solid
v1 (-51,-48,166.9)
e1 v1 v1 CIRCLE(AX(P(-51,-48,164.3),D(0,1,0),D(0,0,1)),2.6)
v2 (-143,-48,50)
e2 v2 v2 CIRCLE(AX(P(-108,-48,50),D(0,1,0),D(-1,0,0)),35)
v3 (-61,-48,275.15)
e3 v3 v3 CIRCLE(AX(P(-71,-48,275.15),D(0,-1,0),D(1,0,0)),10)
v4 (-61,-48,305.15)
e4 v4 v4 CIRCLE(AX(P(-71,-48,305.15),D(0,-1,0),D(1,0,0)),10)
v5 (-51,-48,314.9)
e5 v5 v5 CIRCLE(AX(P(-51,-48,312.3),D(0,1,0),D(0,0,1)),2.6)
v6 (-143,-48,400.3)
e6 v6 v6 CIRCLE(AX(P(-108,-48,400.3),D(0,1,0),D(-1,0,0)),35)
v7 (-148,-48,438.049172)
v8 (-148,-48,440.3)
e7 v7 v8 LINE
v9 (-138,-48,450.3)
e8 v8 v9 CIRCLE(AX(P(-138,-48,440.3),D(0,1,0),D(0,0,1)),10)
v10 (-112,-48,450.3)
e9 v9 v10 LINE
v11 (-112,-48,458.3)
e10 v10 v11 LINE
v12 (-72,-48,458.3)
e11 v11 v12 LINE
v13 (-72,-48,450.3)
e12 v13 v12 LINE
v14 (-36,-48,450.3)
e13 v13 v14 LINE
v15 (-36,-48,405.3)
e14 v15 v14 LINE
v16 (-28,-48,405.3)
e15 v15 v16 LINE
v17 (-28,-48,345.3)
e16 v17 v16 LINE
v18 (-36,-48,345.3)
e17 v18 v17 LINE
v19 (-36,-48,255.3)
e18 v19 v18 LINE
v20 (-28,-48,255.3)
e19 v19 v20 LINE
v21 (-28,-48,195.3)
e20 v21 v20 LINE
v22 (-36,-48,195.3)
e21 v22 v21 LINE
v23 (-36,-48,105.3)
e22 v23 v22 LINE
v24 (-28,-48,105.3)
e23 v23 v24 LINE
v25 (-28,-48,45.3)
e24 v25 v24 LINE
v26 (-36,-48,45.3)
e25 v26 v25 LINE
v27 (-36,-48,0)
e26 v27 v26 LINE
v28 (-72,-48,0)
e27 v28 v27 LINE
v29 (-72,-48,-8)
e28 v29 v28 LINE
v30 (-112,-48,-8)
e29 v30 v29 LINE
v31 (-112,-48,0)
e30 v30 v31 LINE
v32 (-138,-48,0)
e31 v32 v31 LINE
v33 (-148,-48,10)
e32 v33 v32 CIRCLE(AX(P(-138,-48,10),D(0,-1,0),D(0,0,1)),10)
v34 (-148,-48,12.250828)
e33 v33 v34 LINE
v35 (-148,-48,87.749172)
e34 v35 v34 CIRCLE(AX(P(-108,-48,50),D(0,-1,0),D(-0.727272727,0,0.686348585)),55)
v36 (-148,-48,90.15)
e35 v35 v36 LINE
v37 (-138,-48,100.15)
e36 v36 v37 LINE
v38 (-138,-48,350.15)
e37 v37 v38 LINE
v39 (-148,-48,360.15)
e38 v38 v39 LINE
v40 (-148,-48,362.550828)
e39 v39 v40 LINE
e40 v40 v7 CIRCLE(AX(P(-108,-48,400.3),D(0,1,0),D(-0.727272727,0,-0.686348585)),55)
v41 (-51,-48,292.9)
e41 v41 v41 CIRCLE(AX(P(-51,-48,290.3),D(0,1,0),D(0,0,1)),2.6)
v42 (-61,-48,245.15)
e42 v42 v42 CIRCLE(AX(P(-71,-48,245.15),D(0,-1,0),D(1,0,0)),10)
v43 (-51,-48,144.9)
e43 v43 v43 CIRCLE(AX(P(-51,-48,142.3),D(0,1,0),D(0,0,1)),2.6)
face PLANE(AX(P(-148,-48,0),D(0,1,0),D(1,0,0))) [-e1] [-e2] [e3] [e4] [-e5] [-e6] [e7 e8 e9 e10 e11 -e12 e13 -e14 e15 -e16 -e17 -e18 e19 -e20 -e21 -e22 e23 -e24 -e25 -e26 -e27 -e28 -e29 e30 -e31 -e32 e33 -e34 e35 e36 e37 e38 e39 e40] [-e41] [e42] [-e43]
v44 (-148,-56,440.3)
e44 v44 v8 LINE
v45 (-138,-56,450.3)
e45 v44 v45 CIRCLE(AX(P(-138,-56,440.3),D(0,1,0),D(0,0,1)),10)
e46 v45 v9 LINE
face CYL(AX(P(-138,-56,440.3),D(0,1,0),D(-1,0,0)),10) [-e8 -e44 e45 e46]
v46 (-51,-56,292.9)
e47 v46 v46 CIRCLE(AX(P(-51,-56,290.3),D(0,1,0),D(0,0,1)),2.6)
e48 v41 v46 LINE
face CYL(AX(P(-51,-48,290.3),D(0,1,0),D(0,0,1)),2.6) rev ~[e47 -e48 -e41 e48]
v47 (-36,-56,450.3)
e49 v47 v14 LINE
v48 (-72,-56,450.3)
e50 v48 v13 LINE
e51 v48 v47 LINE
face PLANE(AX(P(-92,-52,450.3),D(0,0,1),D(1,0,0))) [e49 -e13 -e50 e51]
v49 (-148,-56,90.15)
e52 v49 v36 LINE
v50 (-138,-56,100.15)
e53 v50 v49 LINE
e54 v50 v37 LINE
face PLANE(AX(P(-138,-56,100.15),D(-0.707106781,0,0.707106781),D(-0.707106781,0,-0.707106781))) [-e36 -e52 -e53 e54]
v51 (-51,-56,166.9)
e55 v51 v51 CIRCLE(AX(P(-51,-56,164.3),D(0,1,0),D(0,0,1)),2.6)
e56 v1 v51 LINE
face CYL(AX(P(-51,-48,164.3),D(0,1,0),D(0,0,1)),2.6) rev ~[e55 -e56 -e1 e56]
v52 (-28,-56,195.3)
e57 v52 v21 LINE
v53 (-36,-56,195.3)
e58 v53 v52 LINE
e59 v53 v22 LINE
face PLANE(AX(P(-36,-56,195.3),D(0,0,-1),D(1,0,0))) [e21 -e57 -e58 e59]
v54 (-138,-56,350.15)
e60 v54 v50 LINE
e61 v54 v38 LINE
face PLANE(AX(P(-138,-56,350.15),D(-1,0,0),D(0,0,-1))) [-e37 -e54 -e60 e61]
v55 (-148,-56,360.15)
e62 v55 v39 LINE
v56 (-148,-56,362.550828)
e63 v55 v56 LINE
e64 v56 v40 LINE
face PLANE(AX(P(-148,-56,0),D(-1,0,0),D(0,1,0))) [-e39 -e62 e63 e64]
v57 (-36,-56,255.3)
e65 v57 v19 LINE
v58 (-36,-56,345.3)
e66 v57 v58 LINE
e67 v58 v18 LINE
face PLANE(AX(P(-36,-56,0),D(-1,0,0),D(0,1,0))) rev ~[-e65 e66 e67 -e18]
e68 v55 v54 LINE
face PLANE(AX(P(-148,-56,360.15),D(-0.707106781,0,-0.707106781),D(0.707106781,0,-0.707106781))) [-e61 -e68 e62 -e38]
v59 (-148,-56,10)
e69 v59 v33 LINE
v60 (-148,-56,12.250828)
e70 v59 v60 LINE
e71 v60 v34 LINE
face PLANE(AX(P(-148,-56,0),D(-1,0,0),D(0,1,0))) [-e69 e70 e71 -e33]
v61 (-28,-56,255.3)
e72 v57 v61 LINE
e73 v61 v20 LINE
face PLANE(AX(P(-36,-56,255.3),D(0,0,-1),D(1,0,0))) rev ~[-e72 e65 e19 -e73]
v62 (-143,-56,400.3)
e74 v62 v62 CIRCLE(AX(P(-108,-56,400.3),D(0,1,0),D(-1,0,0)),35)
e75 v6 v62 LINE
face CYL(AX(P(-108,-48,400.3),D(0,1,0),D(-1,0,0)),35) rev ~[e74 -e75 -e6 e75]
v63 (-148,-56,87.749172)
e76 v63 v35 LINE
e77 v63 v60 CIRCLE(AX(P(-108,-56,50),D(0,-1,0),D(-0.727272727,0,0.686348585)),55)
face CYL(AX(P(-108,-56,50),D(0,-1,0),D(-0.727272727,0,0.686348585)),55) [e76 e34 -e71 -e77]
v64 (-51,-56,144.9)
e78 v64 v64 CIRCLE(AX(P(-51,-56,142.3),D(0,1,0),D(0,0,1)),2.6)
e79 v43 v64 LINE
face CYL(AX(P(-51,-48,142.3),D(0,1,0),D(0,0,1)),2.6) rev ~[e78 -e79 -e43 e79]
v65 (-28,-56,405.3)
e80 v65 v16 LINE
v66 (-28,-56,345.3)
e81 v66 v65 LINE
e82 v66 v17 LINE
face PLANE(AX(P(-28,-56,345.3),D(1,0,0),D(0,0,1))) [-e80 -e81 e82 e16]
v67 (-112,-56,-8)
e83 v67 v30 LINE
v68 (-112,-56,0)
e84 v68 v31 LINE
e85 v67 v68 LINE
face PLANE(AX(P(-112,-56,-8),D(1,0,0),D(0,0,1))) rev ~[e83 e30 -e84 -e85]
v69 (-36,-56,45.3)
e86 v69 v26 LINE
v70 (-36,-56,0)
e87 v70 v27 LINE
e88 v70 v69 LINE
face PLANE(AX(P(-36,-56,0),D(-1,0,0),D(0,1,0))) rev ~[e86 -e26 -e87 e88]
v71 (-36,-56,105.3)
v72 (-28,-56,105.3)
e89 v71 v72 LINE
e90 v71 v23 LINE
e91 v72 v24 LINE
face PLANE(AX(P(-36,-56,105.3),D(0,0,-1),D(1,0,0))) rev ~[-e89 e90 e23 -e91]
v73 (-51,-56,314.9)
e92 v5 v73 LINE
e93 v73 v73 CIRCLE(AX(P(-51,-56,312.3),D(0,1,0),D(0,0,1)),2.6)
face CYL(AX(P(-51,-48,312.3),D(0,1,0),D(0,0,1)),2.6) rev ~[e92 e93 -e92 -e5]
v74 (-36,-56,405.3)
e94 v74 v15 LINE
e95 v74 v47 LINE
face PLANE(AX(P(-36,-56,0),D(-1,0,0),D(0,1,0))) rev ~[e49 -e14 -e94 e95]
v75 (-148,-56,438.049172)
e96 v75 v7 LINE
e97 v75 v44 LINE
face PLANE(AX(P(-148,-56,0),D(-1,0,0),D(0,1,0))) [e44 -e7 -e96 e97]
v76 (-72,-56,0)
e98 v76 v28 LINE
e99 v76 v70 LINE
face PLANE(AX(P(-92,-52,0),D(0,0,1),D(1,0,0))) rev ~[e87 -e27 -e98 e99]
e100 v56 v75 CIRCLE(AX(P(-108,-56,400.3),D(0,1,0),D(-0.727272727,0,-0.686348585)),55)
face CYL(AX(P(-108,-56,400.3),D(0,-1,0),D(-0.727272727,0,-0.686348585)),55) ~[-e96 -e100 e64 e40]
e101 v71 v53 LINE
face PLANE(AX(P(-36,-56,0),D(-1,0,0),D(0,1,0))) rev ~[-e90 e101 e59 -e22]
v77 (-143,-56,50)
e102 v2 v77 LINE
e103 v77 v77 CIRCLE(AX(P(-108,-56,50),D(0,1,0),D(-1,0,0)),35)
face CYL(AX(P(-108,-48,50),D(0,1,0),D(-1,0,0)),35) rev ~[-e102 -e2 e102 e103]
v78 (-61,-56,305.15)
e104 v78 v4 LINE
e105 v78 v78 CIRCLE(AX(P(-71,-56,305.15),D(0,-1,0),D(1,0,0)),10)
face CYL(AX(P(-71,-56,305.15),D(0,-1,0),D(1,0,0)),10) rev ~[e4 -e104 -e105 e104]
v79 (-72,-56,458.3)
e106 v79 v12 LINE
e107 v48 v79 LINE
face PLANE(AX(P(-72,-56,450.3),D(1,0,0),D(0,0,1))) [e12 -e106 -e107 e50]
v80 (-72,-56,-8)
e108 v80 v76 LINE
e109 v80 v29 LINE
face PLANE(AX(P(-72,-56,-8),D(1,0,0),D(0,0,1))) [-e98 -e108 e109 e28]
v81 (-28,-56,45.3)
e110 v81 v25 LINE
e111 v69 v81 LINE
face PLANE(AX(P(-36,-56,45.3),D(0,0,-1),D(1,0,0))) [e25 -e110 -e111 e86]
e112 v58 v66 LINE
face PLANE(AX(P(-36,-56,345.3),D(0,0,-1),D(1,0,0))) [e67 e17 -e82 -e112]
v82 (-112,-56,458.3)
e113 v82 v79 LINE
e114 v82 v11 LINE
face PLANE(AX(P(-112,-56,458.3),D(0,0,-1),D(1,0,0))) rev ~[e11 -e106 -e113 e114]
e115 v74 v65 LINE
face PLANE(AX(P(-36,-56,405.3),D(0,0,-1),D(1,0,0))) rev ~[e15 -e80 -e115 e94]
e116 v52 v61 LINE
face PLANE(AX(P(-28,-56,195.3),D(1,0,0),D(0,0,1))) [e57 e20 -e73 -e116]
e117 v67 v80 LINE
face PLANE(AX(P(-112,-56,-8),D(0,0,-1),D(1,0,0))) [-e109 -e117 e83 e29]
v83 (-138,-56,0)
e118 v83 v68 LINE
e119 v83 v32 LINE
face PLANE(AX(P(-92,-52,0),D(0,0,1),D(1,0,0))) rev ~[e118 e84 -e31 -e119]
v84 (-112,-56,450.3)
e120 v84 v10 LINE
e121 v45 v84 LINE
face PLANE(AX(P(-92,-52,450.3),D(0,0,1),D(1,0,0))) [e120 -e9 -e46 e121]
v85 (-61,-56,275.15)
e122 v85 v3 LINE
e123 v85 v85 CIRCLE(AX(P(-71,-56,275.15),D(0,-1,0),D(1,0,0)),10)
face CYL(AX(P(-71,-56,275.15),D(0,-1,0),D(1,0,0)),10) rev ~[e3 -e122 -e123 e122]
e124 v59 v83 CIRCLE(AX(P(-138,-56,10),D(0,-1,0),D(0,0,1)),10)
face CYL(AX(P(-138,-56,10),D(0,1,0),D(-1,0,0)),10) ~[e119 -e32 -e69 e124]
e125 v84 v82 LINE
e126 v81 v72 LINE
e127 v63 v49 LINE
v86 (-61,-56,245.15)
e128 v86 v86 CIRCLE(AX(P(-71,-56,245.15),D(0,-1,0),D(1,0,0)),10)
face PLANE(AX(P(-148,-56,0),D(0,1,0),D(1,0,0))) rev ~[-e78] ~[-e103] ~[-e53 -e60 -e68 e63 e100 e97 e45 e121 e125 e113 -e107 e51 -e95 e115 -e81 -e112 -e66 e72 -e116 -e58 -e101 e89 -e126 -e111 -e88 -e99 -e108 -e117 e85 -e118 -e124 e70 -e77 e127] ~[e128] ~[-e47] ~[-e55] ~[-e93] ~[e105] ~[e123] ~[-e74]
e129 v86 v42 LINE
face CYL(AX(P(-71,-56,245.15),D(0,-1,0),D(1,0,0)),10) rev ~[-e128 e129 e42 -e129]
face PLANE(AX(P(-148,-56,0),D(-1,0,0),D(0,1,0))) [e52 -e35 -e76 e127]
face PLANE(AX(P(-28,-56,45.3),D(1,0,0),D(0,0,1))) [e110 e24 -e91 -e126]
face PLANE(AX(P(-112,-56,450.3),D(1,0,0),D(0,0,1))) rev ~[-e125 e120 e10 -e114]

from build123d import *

# Parameters (mm, degrees)
ESQUISSE1_W             = 112
ESQUISSE1_H             = 8
BOSS_EXTRU_1_DEPTH      = 450.3
ENL_V_MAT_EXTRU_1_DEPTH = 10
ESQUISSE3_W             = 40
ESQUISSE3_H             = 8
BOSS_EXTRU_2_DEPTH      = 8
ESQUISSE4_R             = 35
ENL_V_MAT_EXTRU_2_DEPTH = 10
ESQUISSE5_W             = 8
ESQUISSE5_H             = 60
BOSS_EXTRU_3_DEPTH      = 8
BOSS_EXTRU_5_DEPTH      = 8
CONG_1_R                = 10
ESQUISSE8_R             = 2.6
ENL_V_MAT_EXTRU_3_DEPTH = 8
ESQUISSE9_R             = 10
ENL_V_MAT_EXTRU_4_DEPTH = 10


with BuildPart() as part:
    # Esquisse1 → Boss.-Extru.1 (new body)
    with BuildSketch(Plane.XY):
        with Locations((-92, -52)):
            Rectangle(ESQUISSE1_W, ESQUISSE1_H)
    extrude(amount=BOSS_EXTRU_1_DEPTH)

    # Esquisse2 → Enlèv. mat.-Extru.1 (cut)
    with BuildSketch(Plane.XZ.offset(56)):
        Polygon((-148, 360.15), (-138, 350.15), (-138, 100.15), (-148, 90.15), align=None)
    extrude(amount=-ENL_V_MAT_EXTRU_1_DEPTH, mode=Mode.SUBTRACT)

    # Esquisse3 → Boss.-Extru.2 (add)
    with BuildSketch(Plane.XZ.offset(56)):
        with Locations((-92, 454.3)):
            Rectangle(ESQUISSE3_W, ESQUISSE3_H)
        with Locations((-92, -4)):
            Rectangle(ESQUISSE3_W, ESQUISSE3_H)
    extrude(amount=-BOSS_EXTRU_2_DEPTH)

    # Esquisse4 → Enlèv. mat.-Extru.2 (cut)
    with BuildSketch(Plane(origin=(0, -48, 0), x_dir=(1, 0, 0), z_dir=(0, 1, 0))):
        with Locations(Location((-108, -50, 0), (0, 0, 180))):
            Circle(ESQUISSE4_R)
        with Locations(Location((-108, -400.3, 0), (0, 0, 180))):
            Circle(ESQUISSE4_R)
    extrude(amount=-ENL_V_MAT_EXTRU_2_DEPTH, mode=Mode.SUBTRACT)

    # Esquisse5 → Boss.-Extru.3 (add)
    with BuildSketch(Plane.XZ.offset(56)):
        with Locations((-32, 225.3)):
            Rectangle(ESQUISSE5_W, ESQUISSE5_H)
        with Locations((-32, 375.3)):
            Rectangle(ESQUISSE5_W, ESQUISSE5_H)
        with Locations((-32, 75.3)):
            Rectangle(ESQUISSE5_W, ESQUISSE5_H)
    extrude(amount=-BOSS_EXTRU_3_DEPTH)

    # Esquisse7 → Boss.-Extru.5 (add)
    with BuildSketch(Plane.XZ.offset(56)):
        with BuildLine():
            Line((-148, 438.049172176), (-148, 362.550827824))
            ThreePointArc((-148, 362.550827824), (-163, 400.3), (-148, 438.049172176))
        make_face()
        with BuildLine():
            Line((-148, 12.250827824), (-148, 87.749172176))
            ThreePointArc((-148, 87.749172176), (-163, 50), (-148, 12.250827824))
        make_face()
    extrude(amount=-BOSS_EXTRU_5_DEPTH)

    # Congé1
    cong_1_edges = [part.edges().sort_by_distance(p)[0] for p in [
        (-148, -52, 0),
        (-148, -52, 450.3),
    ]]
    fillet(cong_1_edges, radius=CONG_1_R)

    # Esquisse8 → Enlèv. mat.-Extru.3 (cut)
    with BuildSketch(Plane(origin=(0, -48, 0), x_dir=(1, 0, 0), z_dir=(0, 1, 0))):
        with Locations(Location((-51, -142.3, 0), (0, 0, 270))):
            Circle(ESQUISSE8_R)
        with Locations(Location((-51, -164.3, 0), (0, 0, 270))):
            Circle(ESQUISSE8_R)
        with Locations(Location((-51, -312.3, 0), (0, 0, 270))):
            Circle(ESQUISSE8_R)
        with Locations(Location((-51, -290.3, 0), (0, 0, 270))):
            Circle(ESQUISSE8_R)
    extrude(amount=-ENL_V_MAT_EXTRU_3_DEPTH, mode=Mode.SUBTRACT)

    # Esquisse9 → Enlèv. mat.-Extru.4 (cut)
    with BuildSketch(Plane.XZ.offset(56)):
        with Locations((-71, 305.15)):
            Circle(ESQUISSE9_R)
        with Locations((-71, 275.15)):
            Circle(ESQUISSE9_R)
        with Locations((-71, 245.15)):
            Circle(ESQUISSE9_R)
    extrude(amount=-ENL_V_MAT_EXTRU_4_DEPTH, mode=Mode.SUBTRACT)


solid = part.part
